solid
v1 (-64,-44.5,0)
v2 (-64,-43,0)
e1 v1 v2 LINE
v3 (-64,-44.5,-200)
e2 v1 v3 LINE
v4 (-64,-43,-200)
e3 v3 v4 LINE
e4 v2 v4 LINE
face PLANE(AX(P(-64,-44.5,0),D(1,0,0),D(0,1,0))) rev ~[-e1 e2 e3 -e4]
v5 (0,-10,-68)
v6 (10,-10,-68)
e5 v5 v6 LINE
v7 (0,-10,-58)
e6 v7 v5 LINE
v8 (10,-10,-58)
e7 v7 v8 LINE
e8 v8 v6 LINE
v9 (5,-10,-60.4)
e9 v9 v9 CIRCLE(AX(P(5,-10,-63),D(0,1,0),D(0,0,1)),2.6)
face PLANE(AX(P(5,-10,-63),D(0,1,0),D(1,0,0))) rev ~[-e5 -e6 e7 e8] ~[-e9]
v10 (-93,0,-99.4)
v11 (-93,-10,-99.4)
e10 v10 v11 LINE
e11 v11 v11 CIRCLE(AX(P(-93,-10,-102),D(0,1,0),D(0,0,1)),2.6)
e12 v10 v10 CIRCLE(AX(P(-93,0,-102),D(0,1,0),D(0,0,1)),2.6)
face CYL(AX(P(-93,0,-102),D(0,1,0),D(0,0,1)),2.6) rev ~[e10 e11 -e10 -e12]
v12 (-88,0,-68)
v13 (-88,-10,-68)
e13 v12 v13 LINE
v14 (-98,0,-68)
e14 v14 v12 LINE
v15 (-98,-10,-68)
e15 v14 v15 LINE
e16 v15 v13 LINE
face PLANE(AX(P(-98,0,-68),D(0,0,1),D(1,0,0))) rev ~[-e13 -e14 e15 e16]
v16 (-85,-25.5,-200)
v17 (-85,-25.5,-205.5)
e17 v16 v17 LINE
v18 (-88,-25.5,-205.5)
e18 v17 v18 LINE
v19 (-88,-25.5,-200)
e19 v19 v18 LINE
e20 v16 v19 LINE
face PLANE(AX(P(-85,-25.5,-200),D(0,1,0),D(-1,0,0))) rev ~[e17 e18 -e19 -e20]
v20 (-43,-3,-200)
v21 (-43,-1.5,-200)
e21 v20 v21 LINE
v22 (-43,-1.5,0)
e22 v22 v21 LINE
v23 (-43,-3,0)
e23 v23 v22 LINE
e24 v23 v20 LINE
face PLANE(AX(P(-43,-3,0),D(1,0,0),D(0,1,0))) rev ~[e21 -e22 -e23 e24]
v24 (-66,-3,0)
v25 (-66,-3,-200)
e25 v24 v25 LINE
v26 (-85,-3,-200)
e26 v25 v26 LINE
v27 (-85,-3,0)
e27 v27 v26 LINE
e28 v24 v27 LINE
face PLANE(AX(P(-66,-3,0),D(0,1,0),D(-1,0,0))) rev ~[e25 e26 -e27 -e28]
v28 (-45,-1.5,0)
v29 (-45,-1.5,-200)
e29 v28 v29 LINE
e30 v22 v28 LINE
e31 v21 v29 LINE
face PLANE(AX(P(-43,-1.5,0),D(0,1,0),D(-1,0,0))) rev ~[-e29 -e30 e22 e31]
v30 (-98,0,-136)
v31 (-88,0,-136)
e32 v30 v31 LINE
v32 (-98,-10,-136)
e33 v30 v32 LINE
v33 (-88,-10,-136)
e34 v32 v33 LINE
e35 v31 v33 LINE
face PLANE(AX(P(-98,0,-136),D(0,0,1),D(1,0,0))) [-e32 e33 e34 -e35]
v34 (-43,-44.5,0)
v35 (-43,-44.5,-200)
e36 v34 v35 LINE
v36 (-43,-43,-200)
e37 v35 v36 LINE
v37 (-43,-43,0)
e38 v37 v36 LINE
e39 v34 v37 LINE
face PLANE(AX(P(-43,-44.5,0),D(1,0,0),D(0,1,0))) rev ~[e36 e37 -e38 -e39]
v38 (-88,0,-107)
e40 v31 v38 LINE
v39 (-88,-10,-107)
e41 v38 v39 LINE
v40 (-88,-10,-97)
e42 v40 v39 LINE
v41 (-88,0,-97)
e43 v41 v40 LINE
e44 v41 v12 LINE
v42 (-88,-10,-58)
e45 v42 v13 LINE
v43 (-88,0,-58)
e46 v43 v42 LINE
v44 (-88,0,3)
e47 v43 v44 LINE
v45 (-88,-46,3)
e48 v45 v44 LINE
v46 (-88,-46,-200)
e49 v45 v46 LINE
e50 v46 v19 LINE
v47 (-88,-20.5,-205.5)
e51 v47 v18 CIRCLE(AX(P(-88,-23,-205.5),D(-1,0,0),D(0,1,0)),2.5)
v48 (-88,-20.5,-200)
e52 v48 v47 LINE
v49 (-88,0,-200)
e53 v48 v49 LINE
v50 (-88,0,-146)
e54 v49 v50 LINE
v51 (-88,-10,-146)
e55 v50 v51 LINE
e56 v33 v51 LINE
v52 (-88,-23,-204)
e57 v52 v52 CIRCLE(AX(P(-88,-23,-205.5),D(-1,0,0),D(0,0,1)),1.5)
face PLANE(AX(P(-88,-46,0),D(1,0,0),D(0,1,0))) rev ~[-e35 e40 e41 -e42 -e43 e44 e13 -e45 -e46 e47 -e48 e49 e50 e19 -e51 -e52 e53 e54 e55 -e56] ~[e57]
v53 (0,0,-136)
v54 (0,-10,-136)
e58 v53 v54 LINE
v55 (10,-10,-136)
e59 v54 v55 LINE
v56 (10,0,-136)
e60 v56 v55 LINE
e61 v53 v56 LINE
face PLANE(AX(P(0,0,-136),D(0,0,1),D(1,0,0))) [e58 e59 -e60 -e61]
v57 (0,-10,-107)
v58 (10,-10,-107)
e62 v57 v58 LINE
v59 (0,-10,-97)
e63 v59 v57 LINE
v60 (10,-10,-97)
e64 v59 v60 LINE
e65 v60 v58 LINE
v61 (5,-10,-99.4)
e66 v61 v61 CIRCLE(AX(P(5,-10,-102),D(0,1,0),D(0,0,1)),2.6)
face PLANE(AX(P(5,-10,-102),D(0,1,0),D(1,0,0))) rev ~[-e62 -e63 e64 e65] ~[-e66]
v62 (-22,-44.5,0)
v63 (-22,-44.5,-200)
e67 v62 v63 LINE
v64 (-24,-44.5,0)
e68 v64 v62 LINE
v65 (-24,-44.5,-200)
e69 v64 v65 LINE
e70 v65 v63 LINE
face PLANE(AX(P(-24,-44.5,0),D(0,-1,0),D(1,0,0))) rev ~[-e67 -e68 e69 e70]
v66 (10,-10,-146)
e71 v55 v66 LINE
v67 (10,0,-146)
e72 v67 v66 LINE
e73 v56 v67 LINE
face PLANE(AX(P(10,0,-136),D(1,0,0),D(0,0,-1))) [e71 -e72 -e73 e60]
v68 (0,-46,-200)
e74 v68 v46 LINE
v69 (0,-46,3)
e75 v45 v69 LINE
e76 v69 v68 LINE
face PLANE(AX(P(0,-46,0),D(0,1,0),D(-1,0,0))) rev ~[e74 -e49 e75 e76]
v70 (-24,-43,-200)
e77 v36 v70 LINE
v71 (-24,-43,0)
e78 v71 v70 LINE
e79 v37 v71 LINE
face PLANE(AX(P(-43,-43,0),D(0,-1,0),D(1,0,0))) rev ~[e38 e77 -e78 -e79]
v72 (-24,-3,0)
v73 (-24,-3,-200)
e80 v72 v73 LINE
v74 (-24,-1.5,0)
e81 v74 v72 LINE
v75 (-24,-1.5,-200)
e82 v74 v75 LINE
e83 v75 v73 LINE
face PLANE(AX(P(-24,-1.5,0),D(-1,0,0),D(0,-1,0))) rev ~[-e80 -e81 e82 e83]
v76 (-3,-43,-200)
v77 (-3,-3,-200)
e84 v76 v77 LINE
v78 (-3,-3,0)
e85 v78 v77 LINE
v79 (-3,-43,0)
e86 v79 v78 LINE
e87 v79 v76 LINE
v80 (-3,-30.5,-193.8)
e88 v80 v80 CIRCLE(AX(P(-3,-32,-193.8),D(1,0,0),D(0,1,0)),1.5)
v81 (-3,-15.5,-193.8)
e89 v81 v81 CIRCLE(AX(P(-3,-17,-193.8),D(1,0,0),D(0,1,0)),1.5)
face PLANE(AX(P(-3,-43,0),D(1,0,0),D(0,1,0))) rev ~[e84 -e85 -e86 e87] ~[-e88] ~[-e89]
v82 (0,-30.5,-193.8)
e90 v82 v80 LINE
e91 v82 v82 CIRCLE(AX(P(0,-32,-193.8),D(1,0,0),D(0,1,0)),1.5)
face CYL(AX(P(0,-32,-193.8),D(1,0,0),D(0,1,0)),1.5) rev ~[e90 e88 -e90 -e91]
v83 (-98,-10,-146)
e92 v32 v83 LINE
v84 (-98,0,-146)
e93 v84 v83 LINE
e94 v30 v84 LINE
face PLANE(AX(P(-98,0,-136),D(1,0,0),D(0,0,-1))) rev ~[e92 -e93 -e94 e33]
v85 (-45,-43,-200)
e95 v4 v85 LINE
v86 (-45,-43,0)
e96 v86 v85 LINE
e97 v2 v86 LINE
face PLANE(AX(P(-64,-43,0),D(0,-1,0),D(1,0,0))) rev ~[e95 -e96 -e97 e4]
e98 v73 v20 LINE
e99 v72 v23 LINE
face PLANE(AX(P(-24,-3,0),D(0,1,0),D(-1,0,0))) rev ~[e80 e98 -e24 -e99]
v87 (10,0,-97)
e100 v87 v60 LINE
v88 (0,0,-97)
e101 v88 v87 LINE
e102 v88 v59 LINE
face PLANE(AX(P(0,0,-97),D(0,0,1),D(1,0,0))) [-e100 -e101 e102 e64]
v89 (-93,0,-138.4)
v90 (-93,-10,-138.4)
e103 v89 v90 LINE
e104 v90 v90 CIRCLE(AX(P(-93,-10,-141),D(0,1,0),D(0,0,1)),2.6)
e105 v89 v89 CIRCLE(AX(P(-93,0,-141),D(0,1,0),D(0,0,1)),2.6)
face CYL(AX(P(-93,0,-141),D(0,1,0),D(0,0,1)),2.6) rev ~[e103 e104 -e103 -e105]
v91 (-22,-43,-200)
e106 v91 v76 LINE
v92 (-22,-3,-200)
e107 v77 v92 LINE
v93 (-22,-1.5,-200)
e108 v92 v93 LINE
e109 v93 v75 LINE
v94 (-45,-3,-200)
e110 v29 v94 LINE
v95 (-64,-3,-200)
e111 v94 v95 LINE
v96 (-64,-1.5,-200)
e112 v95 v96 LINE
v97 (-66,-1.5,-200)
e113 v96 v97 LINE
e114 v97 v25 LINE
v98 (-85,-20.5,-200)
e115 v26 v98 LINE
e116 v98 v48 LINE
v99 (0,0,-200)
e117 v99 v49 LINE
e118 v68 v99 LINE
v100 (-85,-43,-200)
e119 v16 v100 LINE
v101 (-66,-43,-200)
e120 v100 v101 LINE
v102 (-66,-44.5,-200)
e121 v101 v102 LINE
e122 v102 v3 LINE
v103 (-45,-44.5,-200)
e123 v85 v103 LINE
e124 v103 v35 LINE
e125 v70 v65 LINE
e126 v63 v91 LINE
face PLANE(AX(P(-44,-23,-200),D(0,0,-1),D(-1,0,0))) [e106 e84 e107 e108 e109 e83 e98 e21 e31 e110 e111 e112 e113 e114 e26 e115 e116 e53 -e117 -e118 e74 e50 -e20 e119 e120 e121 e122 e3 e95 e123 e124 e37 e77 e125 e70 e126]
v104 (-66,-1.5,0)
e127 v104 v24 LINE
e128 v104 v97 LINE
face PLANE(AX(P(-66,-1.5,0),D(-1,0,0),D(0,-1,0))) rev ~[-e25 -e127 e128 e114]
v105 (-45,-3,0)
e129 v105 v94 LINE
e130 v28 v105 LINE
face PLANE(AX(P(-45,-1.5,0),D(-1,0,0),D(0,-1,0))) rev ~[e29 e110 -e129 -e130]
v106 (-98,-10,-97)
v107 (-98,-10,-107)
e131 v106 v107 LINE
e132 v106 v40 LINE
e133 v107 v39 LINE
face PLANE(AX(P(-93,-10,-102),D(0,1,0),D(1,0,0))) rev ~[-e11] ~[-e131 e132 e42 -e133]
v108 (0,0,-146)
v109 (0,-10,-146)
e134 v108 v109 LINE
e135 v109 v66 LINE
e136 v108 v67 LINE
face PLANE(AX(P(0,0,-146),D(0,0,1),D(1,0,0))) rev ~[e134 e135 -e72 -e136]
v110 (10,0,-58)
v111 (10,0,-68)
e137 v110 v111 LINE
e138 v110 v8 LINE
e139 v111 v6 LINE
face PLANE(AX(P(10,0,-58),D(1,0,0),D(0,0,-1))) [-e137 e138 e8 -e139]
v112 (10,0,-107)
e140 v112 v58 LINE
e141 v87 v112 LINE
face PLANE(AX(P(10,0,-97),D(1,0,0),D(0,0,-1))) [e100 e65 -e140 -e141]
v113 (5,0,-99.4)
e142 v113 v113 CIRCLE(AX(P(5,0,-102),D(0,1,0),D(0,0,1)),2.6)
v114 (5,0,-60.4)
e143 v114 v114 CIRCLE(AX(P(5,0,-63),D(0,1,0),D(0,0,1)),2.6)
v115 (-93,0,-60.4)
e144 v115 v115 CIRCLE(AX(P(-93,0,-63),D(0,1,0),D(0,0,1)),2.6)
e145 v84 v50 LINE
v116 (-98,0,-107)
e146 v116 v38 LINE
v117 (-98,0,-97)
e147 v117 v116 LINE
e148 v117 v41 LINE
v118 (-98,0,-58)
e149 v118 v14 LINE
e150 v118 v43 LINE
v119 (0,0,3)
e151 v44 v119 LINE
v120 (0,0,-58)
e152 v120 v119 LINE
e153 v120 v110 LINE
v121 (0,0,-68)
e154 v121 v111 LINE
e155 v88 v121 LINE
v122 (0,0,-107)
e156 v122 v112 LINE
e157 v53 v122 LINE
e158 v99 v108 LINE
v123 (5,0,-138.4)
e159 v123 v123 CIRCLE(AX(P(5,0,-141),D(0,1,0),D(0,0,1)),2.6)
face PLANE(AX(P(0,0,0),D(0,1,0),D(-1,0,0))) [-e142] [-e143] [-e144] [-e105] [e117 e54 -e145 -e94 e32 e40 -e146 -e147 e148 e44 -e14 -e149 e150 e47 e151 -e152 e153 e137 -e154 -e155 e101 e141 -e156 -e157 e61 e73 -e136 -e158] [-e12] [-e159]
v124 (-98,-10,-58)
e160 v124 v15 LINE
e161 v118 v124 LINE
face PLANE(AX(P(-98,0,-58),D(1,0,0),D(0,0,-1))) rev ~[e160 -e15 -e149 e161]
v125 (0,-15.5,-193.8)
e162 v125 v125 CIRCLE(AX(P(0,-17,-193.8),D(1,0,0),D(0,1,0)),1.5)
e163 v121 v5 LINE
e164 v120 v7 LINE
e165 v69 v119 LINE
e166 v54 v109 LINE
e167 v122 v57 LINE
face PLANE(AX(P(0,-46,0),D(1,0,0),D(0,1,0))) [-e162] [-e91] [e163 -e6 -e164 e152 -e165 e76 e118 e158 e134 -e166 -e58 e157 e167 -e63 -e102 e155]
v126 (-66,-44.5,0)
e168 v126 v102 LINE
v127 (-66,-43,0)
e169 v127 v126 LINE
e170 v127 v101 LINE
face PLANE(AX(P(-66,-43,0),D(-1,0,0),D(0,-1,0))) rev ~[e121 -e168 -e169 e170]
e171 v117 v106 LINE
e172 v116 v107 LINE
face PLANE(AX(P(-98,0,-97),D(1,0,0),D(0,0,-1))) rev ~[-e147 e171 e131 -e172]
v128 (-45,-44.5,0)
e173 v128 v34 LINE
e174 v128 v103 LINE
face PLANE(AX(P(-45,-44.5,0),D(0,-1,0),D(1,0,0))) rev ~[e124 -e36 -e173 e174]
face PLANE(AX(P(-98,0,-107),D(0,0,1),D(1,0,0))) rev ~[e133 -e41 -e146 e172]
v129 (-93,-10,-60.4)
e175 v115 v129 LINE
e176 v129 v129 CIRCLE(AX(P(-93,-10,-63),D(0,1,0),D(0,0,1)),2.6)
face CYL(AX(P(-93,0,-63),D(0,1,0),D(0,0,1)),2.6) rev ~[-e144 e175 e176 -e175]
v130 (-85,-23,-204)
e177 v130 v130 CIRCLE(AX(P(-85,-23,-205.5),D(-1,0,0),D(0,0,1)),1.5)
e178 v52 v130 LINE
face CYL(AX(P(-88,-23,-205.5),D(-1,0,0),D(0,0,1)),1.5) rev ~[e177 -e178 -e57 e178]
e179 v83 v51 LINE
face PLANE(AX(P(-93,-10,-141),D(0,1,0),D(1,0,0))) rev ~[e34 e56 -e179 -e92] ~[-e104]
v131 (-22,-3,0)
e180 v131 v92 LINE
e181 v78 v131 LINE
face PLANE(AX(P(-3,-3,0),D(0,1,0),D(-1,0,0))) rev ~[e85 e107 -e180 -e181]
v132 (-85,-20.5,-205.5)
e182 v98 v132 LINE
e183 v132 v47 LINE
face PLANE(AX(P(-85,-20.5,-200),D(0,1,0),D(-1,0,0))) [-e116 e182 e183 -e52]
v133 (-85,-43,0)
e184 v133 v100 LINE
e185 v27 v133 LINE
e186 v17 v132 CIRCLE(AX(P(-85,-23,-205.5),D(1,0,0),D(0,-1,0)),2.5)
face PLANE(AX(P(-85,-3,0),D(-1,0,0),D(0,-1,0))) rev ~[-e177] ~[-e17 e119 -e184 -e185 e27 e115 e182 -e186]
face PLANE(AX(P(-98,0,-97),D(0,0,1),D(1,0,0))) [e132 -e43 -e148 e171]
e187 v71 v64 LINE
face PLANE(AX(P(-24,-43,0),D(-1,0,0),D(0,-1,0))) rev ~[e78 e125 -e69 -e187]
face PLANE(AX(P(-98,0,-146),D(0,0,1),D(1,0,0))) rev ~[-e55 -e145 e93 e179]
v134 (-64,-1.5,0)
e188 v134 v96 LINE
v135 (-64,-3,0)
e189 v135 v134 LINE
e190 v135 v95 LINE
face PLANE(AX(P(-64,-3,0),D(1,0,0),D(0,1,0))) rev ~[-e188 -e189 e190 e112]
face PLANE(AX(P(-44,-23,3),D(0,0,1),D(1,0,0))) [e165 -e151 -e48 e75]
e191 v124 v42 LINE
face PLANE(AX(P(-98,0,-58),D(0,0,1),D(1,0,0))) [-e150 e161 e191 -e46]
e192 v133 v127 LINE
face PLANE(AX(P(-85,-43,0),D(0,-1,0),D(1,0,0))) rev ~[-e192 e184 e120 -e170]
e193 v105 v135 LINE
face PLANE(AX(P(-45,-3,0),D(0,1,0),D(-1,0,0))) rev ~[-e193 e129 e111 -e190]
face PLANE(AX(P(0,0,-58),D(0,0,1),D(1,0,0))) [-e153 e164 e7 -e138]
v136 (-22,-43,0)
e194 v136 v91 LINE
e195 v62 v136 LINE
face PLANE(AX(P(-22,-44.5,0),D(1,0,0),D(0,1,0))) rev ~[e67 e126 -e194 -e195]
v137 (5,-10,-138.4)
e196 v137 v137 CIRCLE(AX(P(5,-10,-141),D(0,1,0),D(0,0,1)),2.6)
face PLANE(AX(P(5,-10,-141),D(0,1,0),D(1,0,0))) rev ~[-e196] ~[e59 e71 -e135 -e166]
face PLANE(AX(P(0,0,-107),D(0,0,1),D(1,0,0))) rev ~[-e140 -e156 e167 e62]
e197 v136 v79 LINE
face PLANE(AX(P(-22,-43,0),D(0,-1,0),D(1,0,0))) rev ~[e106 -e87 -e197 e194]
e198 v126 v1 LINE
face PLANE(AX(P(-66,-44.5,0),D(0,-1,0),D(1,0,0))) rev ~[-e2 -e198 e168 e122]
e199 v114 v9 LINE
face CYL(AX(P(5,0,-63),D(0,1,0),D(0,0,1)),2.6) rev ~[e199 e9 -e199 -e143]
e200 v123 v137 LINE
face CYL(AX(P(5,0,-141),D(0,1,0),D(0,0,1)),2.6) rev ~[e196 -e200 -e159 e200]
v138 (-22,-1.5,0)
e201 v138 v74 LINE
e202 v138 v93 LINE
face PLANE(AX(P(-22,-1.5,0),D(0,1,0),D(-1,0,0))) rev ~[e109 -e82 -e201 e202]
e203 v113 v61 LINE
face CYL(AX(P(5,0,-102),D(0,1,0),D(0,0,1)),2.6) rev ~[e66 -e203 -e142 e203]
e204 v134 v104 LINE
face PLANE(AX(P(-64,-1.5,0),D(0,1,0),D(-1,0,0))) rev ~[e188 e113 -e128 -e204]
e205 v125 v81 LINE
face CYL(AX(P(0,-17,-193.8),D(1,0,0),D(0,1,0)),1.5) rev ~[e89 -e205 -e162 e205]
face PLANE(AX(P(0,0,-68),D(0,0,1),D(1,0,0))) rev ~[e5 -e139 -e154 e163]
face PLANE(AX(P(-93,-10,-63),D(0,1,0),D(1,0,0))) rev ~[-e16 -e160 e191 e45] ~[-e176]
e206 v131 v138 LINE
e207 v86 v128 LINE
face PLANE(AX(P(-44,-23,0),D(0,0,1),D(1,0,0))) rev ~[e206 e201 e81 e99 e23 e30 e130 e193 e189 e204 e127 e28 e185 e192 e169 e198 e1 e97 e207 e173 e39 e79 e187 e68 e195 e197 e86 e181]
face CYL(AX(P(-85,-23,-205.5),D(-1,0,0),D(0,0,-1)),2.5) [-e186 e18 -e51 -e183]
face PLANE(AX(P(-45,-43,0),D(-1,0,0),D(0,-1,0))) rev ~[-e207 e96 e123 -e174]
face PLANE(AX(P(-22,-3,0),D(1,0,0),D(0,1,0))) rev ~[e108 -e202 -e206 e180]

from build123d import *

# Parameters (mm, degrees)
SKETCH1_W           = 88
SKETCH1_H           = 46
SKETCH1_W_2         = 82
SKETCH1_H_2         = 40
BOSS_EXTRUDE1_DEPTH = 3
SKETCH3_W           = 88
SKETCH3_H           = 46
BOSS_EXTRUDE2_DEPTH = 200
SKETCH4_W           = 10
SKETCH4_H           = 10
BOSS_EXTRUDE3_DEPTH = 10
SKETCH7_R           = 2.6
CUT_EXTRUDE1_DEPTH  = 228.420315715
SKETCH8_W           = 3
SKETCH8_H           = 5
BOSS_EXTRUDE4_DEPTH = 8
FILLET1_RADIUS      = 2.5
FILLET1_LENGTH      = 3
SKETCH10_R          = 1.5
CUT_EXTRUDE3_DEPTH  = 10
SKETCH9_R           = 1.5
CUT_EXTRUDE4_DEPTH  = 10


with BuildPart() as part:
    # Sketch1 → Boss-Extrude1 (new body)
    # profile 1 of 2: a face of its own
    with BuildSketch(Plane.XY):
        with Locations((-44, -23)):
            Rectangle(SKETCH1_W, SKETCH1_H)
        with Locations((-44, -23)):
            Rectangle(SKETCH1_W_2, SKETCH1_H_2, mode=Mode.SUBTRACT)
    # profile 2 of 2: a face of its own
    with BuildSketch(Plane.XY):
        with Locations((-44, -23)):
            Rectangle(SKETCH1_W_2, SKETCH1_H_2)
    extrude(amount=BOSS_EXTRUDE1_DEPTH)

    # Sketch3 → Boss-Extrude2 (add)
    with BuildSketch(Plane(origin=(0, 0, 0), x_dir=(-1, 0, 0), z_dir=(0, 0, -1))):
        with Locations((44, -23)):
            Rectangle(SKETCH3_W, SKETCH3_H)
        Polygon((24, -3), (43, -3), (43, -1.5), (45, -1.5), (45, -3), (64, -3), (64, -1.5), (66, -1.5), (66, -3), (85, -3), (85, -43), (66, -43), (66, -44.5), (64, -44.5), (64, -43), (45, -43), (45, -44.5), (43, -44.5), (43, -43), (24, -43), (24, -44.5), (22, -44.5), (22, -43), (3, -43), (3, -3), (22, -3), (22, -1.5), (24, -1.5), align=None, mode=Mode.SUBTRACT)
    extrude(amount=BOSS_EXTRUDE2_DEPTH)

    # Sketch4 → Boss-Extrude3 (add)
    with BuildSketch(Plane(origin=(0, 0, 0), x_dir=(1, 0, 0), z_dir=(0, 1, 0))):
        with Locations((5, 141)):
            Rectangle(SKETCH4_W, SKETCH4_H)
        with Locations((5, 102)):
            Rectangle(SKETCH4_W, SKETCH4_H)
        with Locations((5, 63)):
            Rectangle(SKETCH4_W, SKETCH4_H)
        with Locations((-93, 141)):
            Rectangle(SKETCH4_W, SKETCH4_H)
        with Locations((-93, 102)):
            Rectangle(SKETCH4_W, SKETCH4_H)
        with Locations((-93, 63)):
            Rectangle(SKETCH4_W, SKETCH4_H)
    extrude(amount=-BOSS_EXTRUDE3_DEPTH)

    # Sketch7 → Cut-Extrude1 (cut, through all)
    with BuildSketch(Plane(origin=(0, 0, 0), x_dir=(1, 0, 0), z_dir=(0, 1, 0))):
        with Locations(Location((-93, 141, 0), (0, 0, 270))):
            Circle(SKETCH7_R)
        with Locations(Location((-93, 102, 0), (0, 0, 270))):
            Circle(SKETCH7_R)
        with Locations(Location((-93, 63, 0), (0, 0, 270))):
            Circle(SKETCH7_R)
        with Locations(Location((5, 141, 0), (0, 0, 270))):
            Circle(SKETCH7_R)
        with Locations(Location((5, 102, 0), (0, 0, 270))):
            Circle(SKETCH7_R)
        with Locations(Location((5, 63, 0), (0, 0, 270))):
            Circle(SKETCH7_R)
    extrude(amount=-CUT_EXTRUDE1_DEPTH, mode=Mode.SUBTRACT)

    # Sketch8 → Boss-Extrude4 (add)
    with BuildSketch(Plane(origin=(0, 0, -200), x_dir=(-1, 0, 0), z_dir=(0, 0, -1))):
        with Locations((86.5, -23)):
            Rectangle(SKETCH8_W, SKETCH8_H)
    extrude(amount=BOSS_EXTRUDE4_DEPTH)

    # Fillet1: full round fillet: the end face becomes a half cylinder, R = half its width
    fillet1_face = Plane((-86.5, -23, -208), x_dir=(-1, 0, 0), z_dir=(0, 0, -1))  # on the end face: x along it, z out of the body
    fillet1_slab = fillet1_face.offset(-FILLET1_RADIUS / 2) * Box(FILLET1_LENGTH, 2 * FILLET1_RADIUS, FILLET1_RADIUS, mode=Mode.PRIVATE)  # the body's end, R deep
    fillet1_round = Plane((-86.5, -23, -205.5), x_dir=(0, 0, -1), z_dir=(-1, 0, 0)) * Cylinder(FILLET1_RADIUS, FILLET1_LENGTH, mode=Mode.PRIVATE)  # its axis R under the face
    add(fillet1_slab - fillet1_round, mode=Mode.SUBTRACT)

    # Sketch10 → Cut-Extrude3 (cut)
    with BuildSketch(Plane(origin=(0, 0, 0), x_dir=(0, 0, -1), z_dir=(1, 0, 0))):
        with Locations(Location((193.8, -32, 0), (0, 0, 90))):
            Circle(SKETCH10_R)
        with Locations(Location((193.8, -17, 0), (0, 0, 90))):
            Circle(SKETCH10_R)
    extrude(amount=-CUT_EXTRUDE3_DEPTH, mode=Mode.SUBTRACT)

    # Sketch9 → Cut-Extrude4 (cut)
    with BuildSketch(Plane.ZY.offset(88)):
        with Locations((-205.5, -23)):
            Circle(SKETCH9_R)
    extrude(amount=-CUT_EXTRUDE4_DEPTH, mode=Mode.SUBTRACT)


solid = part.part
